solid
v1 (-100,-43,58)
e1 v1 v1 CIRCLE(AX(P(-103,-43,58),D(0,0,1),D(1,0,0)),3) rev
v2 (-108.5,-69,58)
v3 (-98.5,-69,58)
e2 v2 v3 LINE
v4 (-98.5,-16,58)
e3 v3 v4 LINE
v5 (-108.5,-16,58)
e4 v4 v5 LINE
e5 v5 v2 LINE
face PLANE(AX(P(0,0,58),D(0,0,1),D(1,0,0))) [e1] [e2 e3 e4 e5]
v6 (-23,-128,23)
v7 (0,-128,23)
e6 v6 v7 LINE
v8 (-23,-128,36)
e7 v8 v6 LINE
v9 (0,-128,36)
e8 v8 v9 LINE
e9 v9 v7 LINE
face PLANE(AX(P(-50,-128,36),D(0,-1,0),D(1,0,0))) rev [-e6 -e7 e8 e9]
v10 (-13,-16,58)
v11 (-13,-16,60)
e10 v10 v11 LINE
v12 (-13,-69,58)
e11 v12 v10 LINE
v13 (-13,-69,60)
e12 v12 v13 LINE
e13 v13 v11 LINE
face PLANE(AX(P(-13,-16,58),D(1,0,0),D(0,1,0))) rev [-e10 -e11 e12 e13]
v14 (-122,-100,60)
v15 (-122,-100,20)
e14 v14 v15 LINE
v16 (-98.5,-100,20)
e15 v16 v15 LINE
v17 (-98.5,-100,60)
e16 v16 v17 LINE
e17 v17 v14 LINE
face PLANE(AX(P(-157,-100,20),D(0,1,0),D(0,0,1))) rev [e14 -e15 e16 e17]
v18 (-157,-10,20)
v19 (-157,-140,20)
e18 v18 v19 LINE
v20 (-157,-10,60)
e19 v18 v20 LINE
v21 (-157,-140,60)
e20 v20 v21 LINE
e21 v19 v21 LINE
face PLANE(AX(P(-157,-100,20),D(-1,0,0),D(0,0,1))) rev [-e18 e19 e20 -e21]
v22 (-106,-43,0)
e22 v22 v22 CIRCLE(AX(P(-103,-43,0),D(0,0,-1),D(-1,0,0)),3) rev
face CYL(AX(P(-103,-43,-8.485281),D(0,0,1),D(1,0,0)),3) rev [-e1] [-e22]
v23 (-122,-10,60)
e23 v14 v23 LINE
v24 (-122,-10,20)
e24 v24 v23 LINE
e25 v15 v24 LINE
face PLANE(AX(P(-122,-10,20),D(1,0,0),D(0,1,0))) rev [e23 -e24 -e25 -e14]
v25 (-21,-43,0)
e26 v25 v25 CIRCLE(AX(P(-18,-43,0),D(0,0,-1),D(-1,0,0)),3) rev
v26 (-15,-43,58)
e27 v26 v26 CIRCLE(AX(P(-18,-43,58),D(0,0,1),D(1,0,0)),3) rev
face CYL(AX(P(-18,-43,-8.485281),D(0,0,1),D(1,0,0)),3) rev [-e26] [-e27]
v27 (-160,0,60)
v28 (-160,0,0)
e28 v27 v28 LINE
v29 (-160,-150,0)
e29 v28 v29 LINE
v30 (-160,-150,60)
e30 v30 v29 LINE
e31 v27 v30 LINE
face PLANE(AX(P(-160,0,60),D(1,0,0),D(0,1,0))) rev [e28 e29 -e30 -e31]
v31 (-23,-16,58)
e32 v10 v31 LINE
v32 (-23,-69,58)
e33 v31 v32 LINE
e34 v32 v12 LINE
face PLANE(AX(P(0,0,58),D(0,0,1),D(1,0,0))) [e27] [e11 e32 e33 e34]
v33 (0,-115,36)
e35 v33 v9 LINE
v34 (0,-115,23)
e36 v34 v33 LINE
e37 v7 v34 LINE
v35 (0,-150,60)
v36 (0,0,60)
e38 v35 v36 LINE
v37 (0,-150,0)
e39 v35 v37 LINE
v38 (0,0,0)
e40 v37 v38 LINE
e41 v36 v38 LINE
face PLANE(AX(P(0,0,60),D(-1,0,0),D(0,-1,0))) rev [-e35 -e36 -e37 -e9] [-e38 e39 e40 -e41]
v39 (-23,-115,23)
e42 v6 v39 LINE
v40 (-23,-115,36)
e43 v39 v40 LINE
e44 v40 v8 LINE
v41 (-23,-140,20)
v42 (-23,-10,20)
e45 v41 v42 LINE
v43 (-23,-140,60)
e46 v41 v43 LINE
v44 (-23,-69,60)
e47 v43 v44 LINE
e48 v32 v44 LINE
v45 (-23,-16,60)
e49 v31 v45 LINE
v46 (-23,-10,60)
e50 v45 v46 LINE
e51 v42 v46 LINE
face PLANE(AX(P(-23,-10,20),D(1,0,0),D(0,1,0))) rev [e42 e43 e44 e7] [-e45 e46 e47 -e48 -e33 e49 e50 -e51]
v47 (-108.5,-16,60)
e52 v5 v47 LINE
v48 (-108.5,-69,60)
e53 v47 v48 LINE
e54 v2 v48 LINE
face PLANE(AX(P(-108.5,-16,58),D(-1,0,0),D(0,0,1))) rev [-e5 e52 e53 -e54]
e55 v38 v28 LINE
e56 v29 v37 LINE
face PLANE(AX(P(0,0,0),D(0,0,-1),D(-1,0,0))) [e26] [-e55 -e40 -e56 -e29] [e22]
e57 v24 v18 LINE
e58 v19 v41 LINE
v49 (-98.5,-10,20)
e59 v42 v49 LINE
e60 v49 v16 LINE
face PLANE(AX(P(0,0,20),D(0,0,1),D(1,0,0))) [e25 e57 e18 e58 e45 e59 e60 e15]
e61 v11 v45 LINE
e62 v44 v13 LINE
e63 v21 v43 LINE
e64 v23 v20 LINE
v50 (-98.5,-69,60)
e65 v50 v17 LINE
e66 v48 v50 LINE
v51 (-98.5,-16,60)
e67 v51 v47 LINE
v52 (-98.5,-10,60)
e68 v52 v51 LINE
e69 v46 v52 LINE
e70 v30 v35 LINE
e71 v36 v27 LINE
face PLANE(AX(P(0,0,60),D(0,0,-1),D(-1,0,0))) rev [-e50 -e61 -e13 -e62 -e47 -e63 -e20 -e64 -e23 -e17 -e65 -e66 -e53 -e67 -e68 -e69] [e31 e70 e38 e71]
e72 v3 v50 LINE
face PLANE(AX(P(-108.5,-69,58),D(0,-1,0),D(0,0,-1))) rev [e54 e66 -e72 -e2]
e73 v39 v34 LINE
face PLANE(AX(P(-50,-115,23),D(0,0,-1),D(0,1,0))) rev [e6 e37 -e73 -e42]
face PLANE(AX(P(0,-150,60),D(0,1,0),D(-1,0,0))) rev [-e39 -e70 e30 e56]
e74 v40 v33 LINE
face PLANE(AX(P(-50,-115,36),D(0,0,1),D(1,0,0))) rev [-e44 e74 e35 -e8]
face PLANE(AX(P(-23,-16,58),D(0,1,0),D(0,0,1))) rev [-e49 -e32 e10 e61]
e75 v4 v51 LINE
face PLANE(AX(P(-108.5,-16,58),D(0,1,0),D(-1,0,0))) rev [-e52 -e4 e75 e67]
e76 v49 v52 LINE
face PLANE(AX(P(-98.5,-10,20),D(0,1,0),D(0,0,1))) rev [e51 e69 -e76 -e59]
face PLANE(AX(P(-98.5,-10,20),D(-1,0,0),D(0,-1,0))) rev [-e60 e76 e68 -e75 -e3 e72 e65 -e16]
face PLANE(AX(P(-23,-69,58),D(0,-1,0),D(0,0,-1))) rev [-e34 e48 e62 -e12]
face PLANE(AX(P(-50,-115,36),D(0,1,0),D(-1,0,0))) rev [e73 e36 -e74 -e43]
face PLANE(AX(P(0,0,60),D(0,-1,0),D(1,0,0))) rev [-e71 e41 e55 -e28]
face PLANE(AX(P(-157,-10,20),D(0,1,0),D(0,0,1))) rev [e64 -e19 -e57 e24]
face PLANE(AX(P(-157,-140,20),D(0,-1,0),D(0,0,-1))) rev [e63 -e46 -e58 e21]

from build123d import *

# Parameters (mm, degrees)
SKETCH2_W           = 160
SKETCH2_H           = 150
BOSS_EXTRUDE1_DEPTH = 60
CUT_EXTRUDE1_DEPTH  = 40
SKETCH4_R           = 3
CUT_EXTRUDE2_DEPTH  = 60
SKETCH5_W           = 13
SKETCH5_H           = 13
CUT_EXTRUDE3_DEPTH  = 50
SKETCH6_W           = 10
SKETCH6_H           = 53
CUT_EXTRUDE4_DEPTH  = 2
SKETCH7_W           = 35
SKETCH7_H           = 130
CUT_EXTRUDE5_DEPTH  = 40


with BuildPart() as part:
    # Sketch2 → Boss-Extrude1 (new body)
    with BuildSketch(Plane.XY):
        with Locations((-80, -75)):
            Rectangle(SKETCH2_W, SKETCH2_H)
    extrude(amount=BOSS_EXTRUDE1_DEPTH)

    # Sketch3 → Cut-Extrude1 (cut)
    with BuildSketch(Plane.XY.offset(60)):
        Polygon((-98.5, -10), (-23, -10), (-23, -140), (-157, -140), (-157, -100), (-98.5, -100), align=None)
    extrude(amount=-CUT_EXTRUDE1_DEPTH, mode=Mode.SUBTRACT)

    # Sketch4 → Cut-Extrude2 (cut)
    with BuildSketch(Plane.XY.offset(60)):
        with Locations((-103, -43)):
            Circle(SKETCH4_R)
        with Locations((-18, -43)):
            Circle(SKETCH4_R)
    extrude(amount=-CUT_EXTRUDE2_DEPTH, mode=Mode.SUBTRACT)

    # Sketch5 → Cut-Extrude3 (cut)
    with BuildSketch(Plane(origin=(0, 0, 0), x_dir=(0, 0, -1), z_dir=(1, 0, 0))):
        with Locations((-29.5, -121.5)):
            Rectangle(SKETCH5_W, SKETCH5_H)
    extrude(amount=-CUT_EXTRUDE3_DEPTH, mode=Mode.SUBTRACT)

    # Sketch6 → Cut-Extrude4 (cut)
    with BuildSketch(Plane.XY.offset(60)):
        with Locations((-103.5, -42.5)):
            Rectangle(SKETCH6_W, SKETCH6_H)
        with Locations((-18, -42.5)):
            Rectangle(SKETCH6_W, SKETCH6_H)
    extrude(amount=-CUT_EXTRUDE4_DEPTH, mode=Mode.SUBTRACT)

    # Sketch7 → Cut-Extrude5 (cut)
    with BuildSketch(Plane.XY.offset(60)):
        with Locations((-139.5, -75)):
            Rectangle(SKETCH7_W, SKETCH7_H)
    extrude(amount=-CUT_EXTRUDE5_DEPTH, mode=Mode.SUBTRACT)


solid = part.part
